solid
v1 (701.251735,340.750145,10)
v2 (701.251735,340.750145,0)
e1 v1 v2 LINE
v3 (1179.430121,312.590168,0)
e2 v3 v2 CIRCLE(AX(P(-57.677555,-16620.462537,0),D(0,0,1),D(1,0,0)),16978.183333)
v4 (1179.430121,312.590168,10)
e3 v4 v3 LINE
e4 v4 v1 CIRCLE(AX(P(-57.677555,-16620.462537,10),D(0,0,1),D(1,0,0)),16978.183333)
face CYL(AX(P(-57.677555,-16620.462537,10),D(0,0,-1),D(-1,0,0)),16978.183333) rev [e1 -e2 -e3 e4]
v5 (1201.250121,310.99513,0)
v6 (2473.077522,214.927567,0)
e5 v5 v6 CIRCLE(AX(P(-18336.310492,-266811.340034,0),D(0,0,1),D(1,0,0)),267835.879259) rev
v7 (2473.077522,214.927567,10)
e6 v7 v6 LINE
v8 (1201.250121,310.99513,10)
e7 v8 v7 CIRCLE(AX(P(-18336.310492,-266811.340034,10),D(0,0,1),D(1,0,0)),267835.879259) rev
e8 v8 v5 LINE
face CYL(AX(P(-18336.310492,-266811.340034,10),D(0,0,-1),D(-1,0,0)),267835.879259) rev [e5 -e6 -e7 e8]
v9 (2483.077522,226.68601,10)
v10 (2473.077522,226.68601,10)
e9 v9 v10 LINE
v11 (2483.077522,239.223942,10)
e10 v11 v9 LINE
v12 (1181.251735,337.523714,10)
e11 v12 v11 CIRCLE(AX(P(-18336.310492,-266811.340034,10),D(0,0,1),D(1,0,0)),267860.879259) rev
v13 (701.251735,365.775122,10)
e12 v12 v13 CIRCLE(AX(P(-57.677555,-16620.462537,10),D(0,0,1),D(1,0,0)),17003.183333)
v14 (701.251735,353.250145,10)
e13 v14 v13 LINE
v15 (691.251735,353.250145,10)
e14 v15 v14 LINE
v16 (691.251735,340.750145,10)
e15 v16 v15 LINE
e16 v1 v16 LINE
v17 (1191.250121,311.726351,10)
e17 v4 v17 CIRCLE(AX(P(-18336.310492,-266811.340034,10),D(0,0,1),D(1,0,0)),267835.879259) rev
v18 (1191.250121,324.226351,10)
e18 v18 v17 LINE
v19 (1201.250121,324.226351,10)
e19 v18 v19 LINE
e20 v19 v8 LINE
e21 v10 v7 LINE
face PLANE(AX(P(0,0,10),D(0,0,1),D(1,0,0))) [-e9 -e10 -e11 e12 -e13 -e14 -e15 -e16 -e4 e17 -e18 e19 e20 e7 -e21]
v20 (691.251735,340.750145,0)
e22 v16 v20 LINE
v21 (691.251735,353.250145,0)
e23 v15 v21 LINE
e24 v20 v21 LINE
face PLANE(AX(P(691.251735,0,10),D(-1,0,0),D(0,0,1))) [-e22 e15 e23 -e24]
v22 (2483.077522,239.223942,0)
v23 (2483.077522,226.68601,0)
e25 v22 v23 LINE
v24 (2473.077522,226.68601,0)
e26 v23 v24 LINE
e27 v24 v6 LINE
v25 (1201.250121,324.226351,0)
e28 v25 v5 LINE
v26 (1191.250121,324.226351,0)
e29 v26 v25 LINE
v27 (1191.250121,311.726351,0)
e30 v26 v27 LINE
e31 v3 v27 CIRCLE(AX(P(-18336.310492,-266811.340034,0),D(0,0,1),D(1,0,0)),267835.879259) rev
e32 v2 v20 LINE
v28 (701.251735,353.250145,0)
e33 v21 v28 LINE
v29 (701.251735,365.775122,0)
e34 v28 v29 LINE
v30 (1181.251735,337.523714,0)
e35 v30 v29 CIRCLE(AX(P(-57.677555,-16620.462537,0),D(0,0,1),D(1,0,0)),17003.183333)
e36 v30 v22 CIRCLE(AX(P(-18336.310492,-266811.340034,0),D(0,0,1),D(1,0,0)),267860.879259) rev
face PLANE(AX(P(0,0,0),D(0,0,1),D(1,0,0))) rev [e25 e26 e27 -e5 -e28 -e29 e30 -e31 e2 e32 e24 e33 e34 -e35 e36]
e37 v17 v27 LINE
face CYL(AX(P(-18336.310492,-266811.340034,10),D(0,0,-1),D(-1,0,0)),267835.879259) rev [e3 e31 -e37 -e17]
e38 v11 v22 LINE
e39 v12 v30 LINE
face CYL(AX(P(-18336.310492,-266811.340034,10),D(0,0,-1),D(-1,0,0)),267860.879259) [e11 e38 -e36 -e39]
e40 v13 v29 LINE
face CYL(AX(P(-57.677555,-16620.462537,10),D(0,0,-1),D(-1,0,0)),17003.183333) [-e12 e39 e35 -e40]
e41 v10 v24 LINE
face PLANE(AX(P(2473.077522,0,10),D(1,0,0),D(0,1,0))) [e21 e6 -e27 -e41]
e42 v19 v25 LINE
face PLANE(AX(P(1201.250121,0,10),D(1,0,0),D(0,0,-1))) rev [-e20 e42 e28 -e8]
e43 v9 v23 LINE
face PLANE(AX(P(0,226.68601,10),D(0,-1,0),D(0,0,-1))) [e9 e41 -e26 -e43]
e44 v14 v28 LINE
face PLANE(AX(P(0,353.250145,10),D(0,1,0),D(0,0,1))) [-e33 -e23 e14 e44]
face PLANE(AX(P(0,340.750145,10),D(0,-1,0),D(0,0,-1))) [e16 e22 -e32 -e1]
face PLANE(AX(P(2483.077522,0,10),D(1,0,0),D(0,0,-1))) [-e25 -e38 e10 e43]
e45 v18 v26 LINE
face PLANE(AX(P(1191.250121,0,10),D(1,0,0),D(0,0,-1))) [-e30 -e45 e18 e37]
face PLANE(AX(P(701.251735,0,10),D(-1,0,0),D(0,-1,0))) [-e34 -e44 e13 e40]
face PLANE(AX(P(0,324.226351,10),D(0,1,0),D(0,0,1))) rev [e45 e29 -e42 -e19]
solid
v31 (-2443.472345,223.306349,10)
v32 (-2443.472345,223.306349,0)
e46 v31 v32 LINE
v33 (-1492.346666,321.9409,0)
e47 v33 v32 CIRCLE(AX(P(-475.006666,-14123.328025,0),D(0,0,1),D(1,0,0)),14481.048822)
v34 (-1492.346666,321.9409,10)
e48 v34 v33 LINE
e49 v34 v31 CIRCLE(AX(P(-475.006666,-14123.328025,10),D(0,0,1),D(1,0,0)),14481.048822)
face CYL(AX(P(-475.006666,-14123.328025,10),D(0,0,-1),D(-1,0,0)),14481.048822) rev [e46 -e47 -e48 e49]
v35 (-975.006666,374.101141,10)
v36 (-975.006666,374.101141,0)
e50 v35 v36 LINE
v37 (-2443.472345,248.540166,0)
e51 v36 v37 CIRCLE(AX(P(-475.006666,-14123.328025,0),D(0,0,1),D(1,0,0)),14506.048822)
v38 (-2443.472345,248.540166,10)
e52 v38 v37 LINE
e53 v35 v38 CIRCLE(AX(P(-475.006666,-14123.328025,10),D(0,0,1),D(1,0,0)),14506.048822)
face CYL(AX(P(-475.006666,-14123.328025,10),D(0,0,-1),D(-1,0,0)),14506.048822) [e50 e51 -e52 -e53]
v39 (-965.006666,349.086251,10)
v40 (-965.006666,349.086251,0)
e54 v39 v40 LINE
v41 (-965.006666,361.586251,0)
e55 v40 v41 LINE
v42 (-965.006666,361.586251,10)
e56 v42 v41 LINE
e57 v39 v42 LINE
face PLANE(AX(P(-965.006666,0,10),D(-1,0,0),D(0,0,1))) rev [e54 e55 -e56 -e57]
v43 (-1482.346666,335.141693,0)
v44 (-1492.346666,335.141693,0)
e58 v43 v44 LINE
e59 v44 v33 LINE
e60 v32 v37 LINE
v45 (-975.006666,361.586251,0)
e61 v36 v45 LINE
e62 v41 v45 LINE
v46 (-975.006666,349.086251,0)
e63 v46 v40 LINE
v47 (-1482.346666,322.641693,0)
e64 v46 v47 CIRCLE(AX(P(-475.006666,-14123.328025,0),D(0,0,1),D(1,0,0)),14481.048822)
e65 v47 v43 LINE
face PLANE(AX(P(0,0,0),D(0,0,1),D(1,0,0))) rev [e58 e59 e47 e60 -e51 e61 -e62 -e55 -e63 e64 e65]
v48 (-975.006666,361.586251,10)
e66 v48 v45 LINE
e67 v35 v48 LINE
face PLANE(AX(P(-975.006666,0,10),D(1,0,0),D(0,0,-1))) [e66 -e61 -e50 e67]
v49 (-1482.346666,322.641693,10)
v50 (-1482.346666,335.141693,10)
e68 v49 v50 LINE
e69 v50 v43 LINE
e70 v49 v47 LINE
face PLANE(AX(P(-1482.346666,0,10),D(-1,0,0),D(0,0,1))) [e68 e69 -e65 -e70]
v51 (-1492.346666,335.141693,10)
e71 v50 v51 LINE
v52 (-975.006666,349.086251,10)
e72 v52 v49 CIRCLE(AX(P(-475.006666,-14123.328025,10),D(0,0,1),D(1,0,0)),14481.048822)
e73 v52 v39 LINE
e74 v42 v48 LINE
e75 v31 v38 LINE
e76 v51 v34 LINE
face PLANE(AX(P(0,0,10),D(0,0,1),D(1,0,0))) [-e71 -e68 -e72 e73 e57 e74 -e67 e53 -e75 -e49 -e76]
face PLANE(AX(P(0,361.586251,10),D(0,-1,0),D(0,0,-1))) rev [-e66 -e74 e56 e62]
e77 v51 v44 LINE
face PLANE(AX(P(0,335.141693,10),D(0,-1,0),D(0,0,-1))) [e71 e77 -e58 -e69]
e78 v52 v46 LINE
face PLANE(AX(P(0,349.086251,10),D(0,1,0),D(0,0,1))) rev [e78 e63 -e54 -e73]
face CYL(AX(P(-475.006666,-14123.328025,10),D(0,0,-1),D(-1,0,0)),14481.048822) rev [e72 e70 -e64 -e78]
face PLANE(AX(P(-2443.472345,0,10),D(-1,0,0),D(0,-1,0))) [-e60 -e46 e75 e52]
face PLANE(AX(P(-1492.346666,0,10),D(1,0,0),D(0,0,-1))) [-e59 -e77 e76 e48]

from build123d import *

# Parameters (mm, degrees)
BOSS_EXTRUDE1_DEPTH   = 10
BOSS_EXTRUDE1_2_DEPTH = 10


with BuildPart() as part:
    # Sketch1 → Boss-Extrude1 (new body)
    with BuildSketch(Plane.XY):
        with BuildLine():
            ThreePointArc((805.133639253, 360.815398634), (753.196478916, 363.374685055), (701.251734504, 365.775122282))
            Line((701.251734504, 365.775122282), (701.251734504, 353.250144955))
            Line((701.251734504, 353.250144955), (691.251734504, 353.250144955))
            Line((691.251734504, 353.250144955), (691.251734504, 340.750144955))
            Line((691.251734504, 340.750144955), (701.251734504, 340.750144955))
            ThreePointArc((701.251734504, 340.750144955), (752.562093664, 338.376486624), (803.865036814, 335.847606424))
            ThreePointArc((803.865036814, 335.847606424), (991.712012091, 325.259367188), (1179.430120773, 312.590168174))
            ThreePointArc((1179.430120773, 312.590168174), (1185.340125552, 312.158324881), (1191.250120775, 311.726350832))
            Line((1191.250120775, 311.726350832), (1191.250120775, 324.226350832))
            Line((1191.250120775, 324.226350832), (1201.250120775, 324.226350832))
            Line((1201.250120775, 324.226350832), (1201.250120775, 310.99513029))
            ThreePointArc((1201.250120775, 310.99513029), (1837.221006456, 263.718414373), (2473.077522104, 214.927566772))
            Line((2473.077522104, 214.927566772), (2473.077522104, 226.686009709))
            Line((2473.077522104, 226.686009709), (2483.077522104, 226.686009709))
            Line((2483.077522104, 226.686009709), (2483.077522104, 239.223942192))
            ThreePointArc((2483.077522104, 239.223942192), (1832.224516513, 289.16695334), (1181.251734504, 337.52371432))
            ThreePointArc((1181.251734504, 337.52371432), (993.257215053, 350.211568449), (805.133639253, 360.815398634))
        make_face()
    extrude(amount=BOSS_EXTRUDE1_DEPTH)


with BuildPart() as body_2:
    # Sketch1 → Boss-Extrude1 2 (new body)
    with BuildSketch(Plane.XY):
        with BuildLine():
            Line((-975.006665926, 361.586251126), (-975.006665926, 374.101140921))
            ThreePointArc((-975.006665926, 374.101140921), (-1710.835170262, 329.982333834), (-2443.472345252, 248.540165679))
            Line((-2443.472345252, 248.540165679), (-2443.472345252, 223.306348579))
            ThreePointArc((-2443.472345252, 223.306348579), (-1968.723868859, 280.476468865), (-1492.346665926, 321.940899607))
            Line((-1492.346665926, 321.940899607), (-1492.346665926, 335.141693375))
            Line((-1492.346665926, 335.141693375), (-1482.346665926, 335.141693375))
            Line((-1482.346665926, 335.141693375), (-1482.346665926, 322.641693375))
            ThreePointArc((-1482.346665926, 322.641693375), (-1228.792641889, 338.088976188), (-975.006665926, 349.086251126))
            Line((-975.006665926, 349.086251126), (-965.006665926, 349.086251126))
            Line((-965.006665926, 349.086251126), (-965.006665926, 361.586251126))
            Line((-965.006665926, 361.586251126), (-975.006665926, 361.586251126))
        make_face()
    extrude(amount=BOSS_EXTRUDE1_2_DEPTH)


solid = Compound([part.part, body_2.part])
